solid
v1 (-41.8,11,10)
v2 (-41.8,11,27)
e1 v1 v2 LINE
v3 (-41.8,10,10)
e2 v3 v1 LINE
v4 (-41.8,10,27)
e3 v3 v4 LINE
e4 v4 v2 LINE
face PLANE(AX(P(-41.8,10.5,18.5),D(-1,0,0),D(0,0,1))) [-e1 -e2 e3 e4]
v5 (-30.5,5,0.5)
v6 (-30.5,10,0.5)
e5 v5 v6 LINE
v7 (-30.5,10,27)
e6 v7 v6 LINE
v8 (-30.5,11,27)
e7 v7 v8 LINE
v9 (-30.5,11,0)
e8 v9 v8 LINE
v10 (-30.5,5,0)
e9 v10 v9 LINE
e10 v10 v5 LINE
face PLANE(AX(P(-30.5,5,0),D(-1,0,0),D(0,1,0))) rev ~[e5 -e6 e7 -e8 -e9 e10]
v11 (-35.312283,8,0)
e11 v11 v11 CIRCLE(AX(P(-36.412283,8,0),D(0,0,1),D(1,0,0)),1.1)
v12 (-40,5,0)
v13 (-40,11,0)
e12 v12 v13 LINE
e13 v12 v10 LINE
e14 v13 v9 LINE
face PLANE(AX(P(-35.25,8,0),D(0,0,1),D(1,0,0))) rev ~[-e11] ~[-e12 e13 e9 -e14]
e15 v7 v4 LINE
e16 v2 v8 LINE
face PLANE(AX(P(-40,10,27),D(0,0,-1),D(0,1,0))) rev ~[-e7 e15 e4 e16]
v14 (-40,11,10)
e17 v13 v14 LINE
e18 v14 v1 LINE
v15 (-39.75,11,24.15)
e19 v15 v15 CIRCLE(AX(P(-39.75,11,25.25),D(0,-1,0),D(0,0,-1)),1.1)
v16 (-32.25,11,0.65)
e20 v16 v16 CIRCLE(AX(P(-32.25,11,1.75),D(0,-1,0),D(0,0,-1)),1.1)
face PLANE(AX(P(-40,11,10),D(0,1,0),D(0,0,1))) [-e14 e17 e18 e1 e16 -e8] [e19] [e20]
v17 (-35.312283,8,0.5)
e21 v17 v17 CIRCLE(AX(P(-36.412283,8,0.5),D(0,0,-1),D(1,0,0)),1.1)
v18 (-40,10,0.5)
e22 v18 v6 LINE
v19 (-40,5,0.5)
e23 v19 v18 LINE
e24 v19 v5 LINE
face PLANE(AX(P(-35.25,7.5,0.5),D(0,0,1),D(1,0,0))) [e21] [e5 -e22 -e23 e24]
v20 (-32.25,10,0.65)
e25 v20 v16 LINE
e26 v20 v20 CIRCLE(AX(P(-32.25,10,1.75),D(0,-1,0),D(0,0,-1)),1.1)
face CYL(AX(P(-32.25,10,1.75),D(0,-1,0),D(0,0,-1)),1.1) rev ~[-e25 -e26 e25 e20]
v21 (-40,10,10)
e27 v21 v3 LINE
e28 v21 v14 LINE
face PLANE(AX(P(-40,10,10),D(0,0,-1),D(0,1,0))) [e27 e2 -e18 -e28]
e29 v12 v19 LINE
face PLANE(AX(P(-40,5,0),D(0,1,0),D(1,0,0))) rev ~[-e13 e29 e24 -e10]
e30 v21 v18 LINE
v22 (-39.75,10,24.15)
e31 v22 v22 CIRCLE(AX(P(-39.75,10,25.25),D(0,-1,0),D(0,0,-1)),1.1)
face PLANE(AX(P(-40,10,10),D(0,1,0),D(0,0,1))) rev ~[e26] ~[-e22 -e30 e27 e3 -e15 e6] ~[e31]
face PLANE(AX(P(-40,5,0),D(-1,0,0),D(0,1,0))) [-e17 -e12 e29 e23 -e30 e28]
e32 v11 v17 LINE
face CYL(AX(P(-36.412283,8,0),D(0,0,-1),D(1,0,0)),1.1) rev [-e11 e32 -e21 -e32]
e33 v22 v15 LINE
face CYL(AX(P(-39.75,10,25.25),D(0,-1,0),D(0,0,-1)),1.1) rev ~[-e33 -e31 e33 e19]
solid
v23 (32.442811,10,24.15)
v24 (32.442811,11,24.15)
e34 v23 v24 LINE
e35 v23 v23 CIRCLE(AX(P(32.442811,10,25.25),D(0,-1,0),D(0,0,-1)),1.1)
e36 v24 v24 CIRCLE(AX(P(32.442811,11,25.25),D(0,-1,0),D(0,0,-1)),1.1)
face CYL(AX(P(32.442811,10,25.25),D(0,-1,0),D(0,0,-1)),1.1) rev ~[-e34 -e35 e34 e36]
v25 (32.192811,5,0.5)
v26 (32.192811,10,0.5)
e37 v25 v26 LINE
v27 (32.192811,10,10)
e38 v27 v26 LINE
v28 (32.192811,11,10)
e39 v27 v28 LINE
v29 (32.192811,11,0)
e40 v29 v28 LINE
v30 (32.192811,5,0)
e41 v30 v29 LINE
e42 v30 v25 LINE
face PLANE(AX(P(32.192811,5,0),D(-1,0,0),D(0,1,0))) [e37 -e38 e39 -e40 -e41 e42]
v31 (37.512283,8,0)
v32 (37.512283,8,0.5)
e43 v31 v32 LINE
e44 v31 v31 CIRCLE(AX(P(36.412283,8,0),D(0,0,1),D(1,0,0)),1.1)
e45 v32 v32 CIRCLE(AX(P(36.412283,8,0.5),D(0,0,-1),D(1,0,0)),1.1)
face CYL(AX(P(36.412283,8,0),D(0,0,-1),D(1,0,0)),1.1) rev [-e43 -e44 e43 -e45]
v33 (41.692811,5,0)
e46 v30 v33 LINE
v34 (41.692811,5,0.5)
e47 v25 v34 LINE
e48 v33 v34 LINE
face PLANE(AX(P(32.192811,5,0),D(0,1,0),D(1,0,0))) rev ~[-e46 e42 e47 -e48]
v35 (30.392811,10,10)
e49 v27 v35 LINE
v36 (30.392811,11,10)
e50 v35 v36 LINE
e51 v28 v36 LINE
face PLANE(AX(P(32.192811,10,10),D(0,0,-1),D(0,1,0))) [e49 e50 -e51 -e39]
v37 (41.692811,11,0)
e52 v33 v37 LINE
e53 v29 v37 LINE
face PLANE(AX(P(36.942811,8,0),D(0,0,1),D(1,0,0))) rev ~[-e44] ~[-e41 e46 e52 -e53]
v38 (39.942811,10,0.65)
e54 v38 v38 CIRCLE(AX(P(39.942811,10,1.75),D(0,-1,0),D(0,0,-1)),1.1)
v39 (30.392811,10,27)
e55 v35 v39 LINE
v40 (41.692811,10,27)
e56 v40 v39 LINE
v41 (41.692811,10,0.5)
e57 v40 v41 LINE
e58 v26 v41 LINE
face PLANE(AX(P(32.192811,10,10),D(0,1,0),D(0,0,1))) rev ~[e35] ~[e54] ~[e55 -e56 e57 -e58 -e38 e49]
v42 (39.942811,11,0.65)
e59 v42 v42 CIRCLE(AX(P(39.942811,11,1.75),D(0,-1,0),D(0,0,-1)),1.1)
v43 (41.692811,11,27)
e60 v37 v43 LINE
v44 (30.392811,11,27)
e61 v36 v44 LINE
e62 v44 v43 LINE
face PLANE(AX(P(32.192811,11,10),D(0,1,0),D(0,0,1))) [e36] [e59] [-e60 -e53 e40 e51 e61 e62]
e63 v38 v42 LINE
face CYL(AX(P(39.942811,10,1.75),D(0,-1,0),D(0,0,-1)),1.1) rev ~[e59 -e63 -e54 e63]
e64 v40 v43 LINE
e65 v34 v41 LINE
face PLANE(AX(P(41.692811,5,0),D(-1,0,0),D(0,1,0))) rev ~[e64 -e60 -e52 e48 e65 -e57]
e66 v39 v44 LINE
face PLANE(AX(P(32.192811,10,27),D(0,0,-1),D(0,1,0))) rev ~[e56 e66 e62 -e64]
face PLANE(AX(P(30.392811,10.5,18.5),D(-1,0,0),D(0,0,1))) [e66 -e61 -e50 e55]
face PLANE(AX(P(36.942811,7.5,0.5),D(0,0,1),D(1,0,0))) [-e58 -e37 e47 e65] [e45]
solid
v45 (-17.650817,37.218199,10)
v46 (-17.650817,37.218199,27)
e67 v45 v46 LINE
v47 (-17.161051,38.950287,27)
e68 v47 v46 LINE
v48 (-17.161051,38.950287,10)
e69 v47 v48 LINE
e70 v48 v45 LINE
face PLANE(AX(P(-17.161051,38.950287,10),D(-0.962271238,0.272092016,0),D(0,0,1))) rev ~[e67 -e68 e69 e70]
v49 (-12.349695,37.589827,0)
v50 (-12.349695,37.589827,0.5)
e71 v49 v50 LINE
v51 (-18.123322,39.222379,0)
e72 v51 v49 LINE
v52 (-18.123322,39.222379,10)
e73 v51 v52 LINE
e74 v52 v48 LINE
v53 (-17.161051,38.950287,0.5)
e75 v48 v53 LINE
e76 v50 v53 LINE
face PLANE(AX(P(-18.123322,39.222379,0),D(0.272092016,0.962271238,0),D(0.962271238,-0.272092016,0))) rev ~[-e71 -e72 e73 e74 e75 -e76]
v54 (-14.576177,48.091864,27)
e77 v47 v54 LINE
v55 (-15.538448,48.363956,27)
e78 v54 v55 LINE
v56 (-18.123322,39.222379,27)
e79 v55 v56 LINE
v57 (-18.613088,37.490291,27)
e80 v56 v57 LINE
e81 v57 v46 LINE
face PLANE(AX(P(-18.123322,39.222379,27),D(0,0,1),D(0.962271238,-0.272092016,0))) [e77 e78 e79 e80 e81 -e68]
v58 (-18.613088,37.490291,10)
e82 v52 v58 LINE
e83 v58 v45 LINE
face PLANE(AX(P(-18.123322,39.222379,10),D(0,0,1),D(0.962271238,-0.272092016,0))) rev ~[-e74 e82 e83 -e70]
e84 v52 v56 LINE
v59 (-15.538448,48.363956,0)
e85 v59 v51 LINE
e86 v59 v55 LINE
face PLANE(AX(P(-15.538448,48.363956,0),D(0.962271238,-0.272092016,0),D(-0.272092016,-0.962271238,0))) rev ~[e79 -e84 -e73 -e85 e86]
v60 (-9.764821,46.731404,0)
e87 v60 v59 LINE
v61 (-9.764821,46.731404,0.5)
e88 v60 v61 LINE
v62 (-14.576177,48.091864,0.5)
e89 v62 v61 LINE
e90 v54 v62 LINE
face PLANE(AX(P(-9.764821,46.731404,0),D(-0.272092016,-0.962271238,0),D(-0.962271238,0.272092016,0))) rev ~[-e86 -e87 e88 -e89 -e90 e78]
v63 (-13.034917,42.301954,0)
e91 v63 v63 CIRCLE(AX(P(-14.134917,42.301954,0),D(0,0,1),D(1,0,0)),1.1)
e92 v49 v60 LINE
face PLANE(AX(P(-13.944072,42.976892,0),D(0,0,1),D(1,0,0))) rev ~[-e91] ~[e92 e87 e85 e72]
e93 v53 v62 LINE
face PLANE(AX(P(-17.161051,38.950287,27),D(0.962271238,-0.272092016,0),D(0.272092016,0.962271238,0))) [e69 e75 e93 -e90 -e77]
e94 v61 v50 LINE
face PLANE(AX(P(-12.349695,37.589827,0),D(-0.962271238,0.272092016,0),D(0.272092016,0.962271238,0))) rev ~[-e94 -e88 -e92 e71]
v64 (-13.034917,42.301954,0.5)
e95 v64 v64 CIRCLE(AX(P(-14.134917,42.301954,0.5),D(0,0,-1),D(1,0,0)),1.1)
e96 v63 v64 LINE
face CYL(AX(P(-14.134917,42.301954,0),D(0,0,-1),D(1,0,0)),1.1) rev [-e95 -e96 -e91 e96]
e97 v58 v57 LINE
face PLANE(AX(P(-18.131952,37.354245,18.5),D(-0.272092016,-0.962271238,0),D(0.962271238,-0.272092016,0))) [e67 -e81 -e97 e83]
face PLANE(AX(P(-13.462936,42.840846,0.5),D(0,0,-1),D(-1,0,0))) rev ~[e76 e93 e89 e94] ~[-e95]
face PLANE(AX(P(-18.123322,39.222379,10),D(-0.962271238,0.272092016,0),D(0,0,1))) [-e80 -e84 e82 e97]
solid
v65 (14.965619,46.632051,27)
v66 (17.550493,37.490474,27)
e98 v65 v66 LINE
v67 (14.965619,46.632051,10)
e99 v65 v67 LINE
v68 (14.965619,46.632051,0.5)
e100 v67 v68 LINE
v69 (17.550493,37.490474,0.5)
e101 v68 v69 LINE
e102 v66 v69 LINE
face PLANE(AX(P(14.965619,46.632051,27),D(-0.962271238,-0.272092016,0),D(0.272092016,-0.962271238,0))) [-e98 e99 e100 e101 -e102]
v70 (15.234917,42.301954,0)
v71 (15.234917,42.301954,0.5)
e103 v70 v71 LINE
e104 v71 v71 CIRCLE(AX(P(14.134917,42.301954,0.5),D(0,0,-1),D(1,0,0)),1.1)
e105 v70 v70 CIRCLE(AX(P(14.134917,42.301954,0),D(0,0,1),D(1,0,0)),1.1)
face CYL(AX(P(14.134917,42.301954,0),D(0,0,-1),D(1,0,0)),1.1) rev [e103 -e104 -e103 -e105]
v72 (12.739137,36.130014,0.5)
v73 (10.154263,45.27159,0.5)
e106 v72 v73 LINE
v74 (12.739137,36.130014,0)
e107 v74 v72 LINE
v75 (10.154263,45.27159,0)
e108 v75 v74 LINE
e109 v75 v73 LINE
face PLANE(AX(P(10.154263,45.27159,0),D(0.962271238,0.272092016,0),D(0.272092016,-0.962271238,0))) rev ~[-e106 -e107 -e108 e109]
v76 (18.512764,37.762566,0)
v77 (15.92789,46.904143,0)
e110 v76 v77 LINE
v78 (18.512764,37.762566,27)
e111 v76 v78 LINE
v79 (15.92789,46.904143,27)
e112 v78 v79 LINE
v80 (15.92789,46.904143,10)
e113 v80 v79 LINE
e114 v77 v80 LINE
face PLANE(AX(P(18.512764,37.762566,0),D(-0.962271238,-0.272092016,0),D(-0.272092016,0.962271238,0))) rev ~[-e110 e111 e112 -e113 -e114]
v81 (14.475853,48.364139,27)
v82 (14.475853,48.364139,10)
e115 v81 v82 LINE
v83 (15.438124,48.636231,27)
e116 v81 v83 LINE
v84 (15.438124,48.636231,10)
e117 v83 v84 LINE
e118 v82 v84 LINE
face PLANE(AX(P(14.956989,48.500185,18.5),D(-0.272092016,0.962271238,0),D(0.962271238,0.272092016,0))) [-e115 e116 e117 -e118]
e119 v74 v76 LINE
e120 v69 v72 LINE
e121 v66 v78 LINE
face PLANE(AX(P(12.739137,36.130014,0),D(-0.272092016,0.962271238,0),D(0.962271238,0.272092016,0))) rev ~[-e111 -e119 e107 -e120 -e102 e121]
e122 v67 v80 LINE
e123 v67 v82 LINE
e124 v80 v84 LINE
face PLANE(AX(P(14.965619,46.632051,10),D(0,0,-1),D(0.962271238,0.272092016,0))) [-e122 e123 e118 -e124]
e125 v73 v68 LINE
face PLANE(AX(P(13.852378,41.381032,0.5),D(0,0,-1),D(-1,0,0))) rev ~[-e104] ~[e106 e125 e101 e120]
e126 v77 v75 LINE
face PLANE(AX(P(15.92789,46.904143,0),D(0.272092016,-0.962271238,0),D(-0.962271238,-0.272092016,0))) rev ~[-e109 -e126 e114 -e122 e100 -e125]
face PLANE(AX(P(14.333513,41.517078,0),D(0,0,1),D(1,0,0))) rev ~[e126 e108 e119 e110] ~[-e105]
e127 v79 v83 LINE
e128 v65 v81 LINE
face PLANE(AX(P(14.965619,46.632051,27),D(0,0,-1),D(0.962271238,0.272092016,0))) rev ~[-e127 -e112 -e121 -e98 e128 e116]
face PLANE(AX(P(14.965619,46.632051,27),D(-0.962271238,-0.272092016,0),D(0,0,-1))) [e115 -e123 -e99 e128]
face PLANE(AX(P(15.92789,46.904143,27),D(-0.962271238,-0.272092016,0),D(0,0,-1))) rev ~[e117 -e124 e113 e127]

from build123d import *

# Parameters (mm, degrees)
SKETCH1_W             = 9.5
SKETCH1_H             = 6
SKETCH1_R             = 1.1
BOSS_EXTRUDE1_DEPTH   = 27
BOSS_EXTRUDE1_2_DEPTH = 27
BOSS_EXTRUDE1_3_DEPTH = 27
BOSS_EXTRUDE1_4_DEPTH = 27
SKETCH2_W             = 9.5
SKETCH2_H             = 5
CUT_EXTRUDE1_DEPTH    = 26.5
SKETCH3_W             = 17
SKETCH3_H             = 1
BOSS_EXTRUDE2_DEPTH   = 1.8
SKETCH4_W             = 17
SKETCH4_H             = 1
BOSS_EXTRUDE3_DEPTH   = 1.8
SKETCH5_W             = 1
SKETCH5_H             = 17
BOSS_EXTRUDE4_DEPTH   = 1.8
SKETCH6_W             = 1
SKETCH6_H             = 17
BOSS_EXTRUDE5_DEPTH   = 1.8
SKETCH7_R             = 1.1
CUT_EXTRUDE2_DEPTH    = 1


with BuildPart() as part:
    # Sketch1 → Boss-Extrude1 (new body)
    with BuildSketch(Plane.XY):
        with Locations((-35.25, 8)):
            Rectangle(SKETCH1_W, SKETCH1_H)
        with Locations((-36.412283149, 8)):
            Circle(SKETCH1_R, mode=Mode.SUBTRACT)
    extrude(amount=BOSS_EXTRUDE1_DEPTH)


with BuildPart() as body_2:
    # Sketch1 → Boss-Extrude1 2 (new body)
    with BuildSketch(Plane.XY):
        with Locations((36.942810861, 8)):
            Rectangle(SKETCH1_W, SKETCH1_H)
        with Locations((36.412283149, 8)):
            Circle(SKETCH1_R, mode=Mode.SUBTRACT)
    extrude(amount=BOSS_EXTRUDE1_2_DEPTH)


with BuildPart() as body_3:
    # Sketch1 → Boss-Extrude1 3 (new body)
    with BuildSketch(Plane.XY):
        Polygon((15.927890045, 46.904142594), (10.154262619, 45.271590498), (12.73913677, 36.13001374), (18.512764196, 37.762565836), align=None)
        with Locations((14.134917172, 42.301953571)):
            Circle(SKETCH1_R, mode=Mode.SUBTRACT)
    extrude(amount=BOSS_EXTRUDE1_3_DEPTH)


with BuildPart() as body_4:
    # Sketch1 → Boss-Extrude1 4 (new body)
    with BuildSketch(Plane.XY):
        Polygon((-18.123322327, 39.222379323), (-12.349694901, 37.589827228), (-9.76482075, 46.731403985), (-15.538448176, 48.363956081), align=None)
        with Locations((-14.134917172, 42.301953571)):
            Circle(SKETCH1_R, mode=Mode.SUBTRACT)
    extrude(amount=BOSS_EXTRUDE1_4_DEPTH)


with BuildPart() as cut_extrude1_tool:
    # Sketch2 → Cut-Extrude1 (new body)
    with BuildSketch(Plane.XY.offset(27)):
        with Locations((-35.25, 7.5)):
            Rectangle(SKETCH2_W, SKETCH2_H)
        Polygon((-12.349694901, 37.589827228), (-17.16105109, 38.950287307), (-14.576176938, 48.091864065), (-9.76482075, 46.731403985), align=None)
        Polygon((10.154262619, 45.271590498), (14.965618807, 46.632050578), (17.550492959, 37.49047382), (12.73913677, 36.13001374), align=None)
        with Locations((36.942810861, 7.5)):
            Rectangle(SKETCH2_W, SKETCH2_H)
    extrude(amount=-CUT_EXTRUDE1_DEPTH)


with BuildPart() as part_1:
    add(part.part)

    # Cut-Extrude1: cut by cut_extrude1_tool
    add(cut_extrude1_tool.part, mode=Mode.SUBTRACT)

    # Sketch3 → Boss-Extrude2 (add)
    with BuildSketch(Plane.ZY.offset(40)):
        with Locations((18.5, 10.5)):
            Rectangle(SKETCH3_W, SKETCH3_H)
    extrude(amount=BOSS_EXTRUDE2_DEPTH)


with BuildPart() as body_2_1:
    add(body_2.part)

    # Cut-Extrude1: cut by cut_extrude1_tool
    add(cut_extrude1_tool.part, mode=Mode.SUBTRACT)

    # Sketch4 → Boss-Extrude3 (add)
    with BuildSketch(Plane.ZY.offset(-32.192810861)):
        with Locations((18.5, 10.5)):
            Rectangle(SKETCH4_W, SKETCH4_H)
    extrude(amount=BOSS_EXTRUDE3_DEPTH)


with BuildPart() as body_3_1:
    add(body_3.part)

    # Cut-Extrude1: cut by cut_extrude1_tool
    add(cut_extrude1_tool.part, mode=Mode.SUBTRACT)

    # Sketch5 → Boss-Extrude4 (add)
    with BuildSketch(Plane(origin=(-11.101532643, 39.261297395, 0), x_dir=(0.9622712376779518, 0.272092015938989, 0), z_dir=(-0.27209201593898896, 0.9622712376779516, 0))):
        with Locations((27.589193181, -18.5)):
            Rectangle(SKETCH5_W, SKETCH5_H)
    extrude(amount=BOSS_EXTRUDE4_DEPTH)


with BuildPart() as body_4_1:
    add(body_4.part)

    # Cut-Extrude1: cut by cut_extrude1_tool
    add(cut_extrude1_tool.part, mode=Mode.SUBTRACT)

    # Sketch6 → Boss-Extrude5 (add)
    with BuildSketch(Plane(origin=(8.927708051, 31.573424329, 0), x_dir=(0.9622712376779494, -0.2720920159389969, 0), z_dir=(-0.2720920159389969, -0.9622712376779494, 0))):
        with Locations((-27.611648067, 18.5)):
            Rectangle(SKETCH6_W, SKETCH6_H)
    extrude(amount=BOSS_EXTRUDE5_DEPTH)


with BuildPart() as cut_extrude2_tool:
    # Sketch7 → Cut-Extrude2 (new body)
    with BuildSketch(Plane.XZ.offset(-10)):
        with Locations(Location((32.442810861, 25.25, 0), (0, 0, 270))):
            Circle(SKETCH7_R)
        with Locations(Location((39.942810861, 1.75, 0), (0, 0, 270))):
            Circle(SKETCH7_R)
        with Locations(Location((-39.75, 25.25, 0), (0, 0, 270))):
            Circle(SKETCH7_R)
        with Locations(Location((-32.25, 1.75, 0), (0, 0, 270))):
            Circle(SKETCH7_R)
    extrude(amount=-CUT_EXTRUDE2_DEPTH)


with BuildPart() as part_2:
    add(part_1.part)

    # Cut-Extrude2: cut by cut_extrude2_tool
    add(cut_extrude2_tool.part, mode=Mode.SUBTRACT)


with BuildPart() as body_2_2:
    add(body_2_1.part)

    # Cut-Extrude2: cut by cut_extrude2_tool
    add(cut_extrude2_tool.part, mode=Mode.SUBTRACT)


solid = Compound([body_3_1.part, body_4_1.part, part_2.part, body_2_2.part])
